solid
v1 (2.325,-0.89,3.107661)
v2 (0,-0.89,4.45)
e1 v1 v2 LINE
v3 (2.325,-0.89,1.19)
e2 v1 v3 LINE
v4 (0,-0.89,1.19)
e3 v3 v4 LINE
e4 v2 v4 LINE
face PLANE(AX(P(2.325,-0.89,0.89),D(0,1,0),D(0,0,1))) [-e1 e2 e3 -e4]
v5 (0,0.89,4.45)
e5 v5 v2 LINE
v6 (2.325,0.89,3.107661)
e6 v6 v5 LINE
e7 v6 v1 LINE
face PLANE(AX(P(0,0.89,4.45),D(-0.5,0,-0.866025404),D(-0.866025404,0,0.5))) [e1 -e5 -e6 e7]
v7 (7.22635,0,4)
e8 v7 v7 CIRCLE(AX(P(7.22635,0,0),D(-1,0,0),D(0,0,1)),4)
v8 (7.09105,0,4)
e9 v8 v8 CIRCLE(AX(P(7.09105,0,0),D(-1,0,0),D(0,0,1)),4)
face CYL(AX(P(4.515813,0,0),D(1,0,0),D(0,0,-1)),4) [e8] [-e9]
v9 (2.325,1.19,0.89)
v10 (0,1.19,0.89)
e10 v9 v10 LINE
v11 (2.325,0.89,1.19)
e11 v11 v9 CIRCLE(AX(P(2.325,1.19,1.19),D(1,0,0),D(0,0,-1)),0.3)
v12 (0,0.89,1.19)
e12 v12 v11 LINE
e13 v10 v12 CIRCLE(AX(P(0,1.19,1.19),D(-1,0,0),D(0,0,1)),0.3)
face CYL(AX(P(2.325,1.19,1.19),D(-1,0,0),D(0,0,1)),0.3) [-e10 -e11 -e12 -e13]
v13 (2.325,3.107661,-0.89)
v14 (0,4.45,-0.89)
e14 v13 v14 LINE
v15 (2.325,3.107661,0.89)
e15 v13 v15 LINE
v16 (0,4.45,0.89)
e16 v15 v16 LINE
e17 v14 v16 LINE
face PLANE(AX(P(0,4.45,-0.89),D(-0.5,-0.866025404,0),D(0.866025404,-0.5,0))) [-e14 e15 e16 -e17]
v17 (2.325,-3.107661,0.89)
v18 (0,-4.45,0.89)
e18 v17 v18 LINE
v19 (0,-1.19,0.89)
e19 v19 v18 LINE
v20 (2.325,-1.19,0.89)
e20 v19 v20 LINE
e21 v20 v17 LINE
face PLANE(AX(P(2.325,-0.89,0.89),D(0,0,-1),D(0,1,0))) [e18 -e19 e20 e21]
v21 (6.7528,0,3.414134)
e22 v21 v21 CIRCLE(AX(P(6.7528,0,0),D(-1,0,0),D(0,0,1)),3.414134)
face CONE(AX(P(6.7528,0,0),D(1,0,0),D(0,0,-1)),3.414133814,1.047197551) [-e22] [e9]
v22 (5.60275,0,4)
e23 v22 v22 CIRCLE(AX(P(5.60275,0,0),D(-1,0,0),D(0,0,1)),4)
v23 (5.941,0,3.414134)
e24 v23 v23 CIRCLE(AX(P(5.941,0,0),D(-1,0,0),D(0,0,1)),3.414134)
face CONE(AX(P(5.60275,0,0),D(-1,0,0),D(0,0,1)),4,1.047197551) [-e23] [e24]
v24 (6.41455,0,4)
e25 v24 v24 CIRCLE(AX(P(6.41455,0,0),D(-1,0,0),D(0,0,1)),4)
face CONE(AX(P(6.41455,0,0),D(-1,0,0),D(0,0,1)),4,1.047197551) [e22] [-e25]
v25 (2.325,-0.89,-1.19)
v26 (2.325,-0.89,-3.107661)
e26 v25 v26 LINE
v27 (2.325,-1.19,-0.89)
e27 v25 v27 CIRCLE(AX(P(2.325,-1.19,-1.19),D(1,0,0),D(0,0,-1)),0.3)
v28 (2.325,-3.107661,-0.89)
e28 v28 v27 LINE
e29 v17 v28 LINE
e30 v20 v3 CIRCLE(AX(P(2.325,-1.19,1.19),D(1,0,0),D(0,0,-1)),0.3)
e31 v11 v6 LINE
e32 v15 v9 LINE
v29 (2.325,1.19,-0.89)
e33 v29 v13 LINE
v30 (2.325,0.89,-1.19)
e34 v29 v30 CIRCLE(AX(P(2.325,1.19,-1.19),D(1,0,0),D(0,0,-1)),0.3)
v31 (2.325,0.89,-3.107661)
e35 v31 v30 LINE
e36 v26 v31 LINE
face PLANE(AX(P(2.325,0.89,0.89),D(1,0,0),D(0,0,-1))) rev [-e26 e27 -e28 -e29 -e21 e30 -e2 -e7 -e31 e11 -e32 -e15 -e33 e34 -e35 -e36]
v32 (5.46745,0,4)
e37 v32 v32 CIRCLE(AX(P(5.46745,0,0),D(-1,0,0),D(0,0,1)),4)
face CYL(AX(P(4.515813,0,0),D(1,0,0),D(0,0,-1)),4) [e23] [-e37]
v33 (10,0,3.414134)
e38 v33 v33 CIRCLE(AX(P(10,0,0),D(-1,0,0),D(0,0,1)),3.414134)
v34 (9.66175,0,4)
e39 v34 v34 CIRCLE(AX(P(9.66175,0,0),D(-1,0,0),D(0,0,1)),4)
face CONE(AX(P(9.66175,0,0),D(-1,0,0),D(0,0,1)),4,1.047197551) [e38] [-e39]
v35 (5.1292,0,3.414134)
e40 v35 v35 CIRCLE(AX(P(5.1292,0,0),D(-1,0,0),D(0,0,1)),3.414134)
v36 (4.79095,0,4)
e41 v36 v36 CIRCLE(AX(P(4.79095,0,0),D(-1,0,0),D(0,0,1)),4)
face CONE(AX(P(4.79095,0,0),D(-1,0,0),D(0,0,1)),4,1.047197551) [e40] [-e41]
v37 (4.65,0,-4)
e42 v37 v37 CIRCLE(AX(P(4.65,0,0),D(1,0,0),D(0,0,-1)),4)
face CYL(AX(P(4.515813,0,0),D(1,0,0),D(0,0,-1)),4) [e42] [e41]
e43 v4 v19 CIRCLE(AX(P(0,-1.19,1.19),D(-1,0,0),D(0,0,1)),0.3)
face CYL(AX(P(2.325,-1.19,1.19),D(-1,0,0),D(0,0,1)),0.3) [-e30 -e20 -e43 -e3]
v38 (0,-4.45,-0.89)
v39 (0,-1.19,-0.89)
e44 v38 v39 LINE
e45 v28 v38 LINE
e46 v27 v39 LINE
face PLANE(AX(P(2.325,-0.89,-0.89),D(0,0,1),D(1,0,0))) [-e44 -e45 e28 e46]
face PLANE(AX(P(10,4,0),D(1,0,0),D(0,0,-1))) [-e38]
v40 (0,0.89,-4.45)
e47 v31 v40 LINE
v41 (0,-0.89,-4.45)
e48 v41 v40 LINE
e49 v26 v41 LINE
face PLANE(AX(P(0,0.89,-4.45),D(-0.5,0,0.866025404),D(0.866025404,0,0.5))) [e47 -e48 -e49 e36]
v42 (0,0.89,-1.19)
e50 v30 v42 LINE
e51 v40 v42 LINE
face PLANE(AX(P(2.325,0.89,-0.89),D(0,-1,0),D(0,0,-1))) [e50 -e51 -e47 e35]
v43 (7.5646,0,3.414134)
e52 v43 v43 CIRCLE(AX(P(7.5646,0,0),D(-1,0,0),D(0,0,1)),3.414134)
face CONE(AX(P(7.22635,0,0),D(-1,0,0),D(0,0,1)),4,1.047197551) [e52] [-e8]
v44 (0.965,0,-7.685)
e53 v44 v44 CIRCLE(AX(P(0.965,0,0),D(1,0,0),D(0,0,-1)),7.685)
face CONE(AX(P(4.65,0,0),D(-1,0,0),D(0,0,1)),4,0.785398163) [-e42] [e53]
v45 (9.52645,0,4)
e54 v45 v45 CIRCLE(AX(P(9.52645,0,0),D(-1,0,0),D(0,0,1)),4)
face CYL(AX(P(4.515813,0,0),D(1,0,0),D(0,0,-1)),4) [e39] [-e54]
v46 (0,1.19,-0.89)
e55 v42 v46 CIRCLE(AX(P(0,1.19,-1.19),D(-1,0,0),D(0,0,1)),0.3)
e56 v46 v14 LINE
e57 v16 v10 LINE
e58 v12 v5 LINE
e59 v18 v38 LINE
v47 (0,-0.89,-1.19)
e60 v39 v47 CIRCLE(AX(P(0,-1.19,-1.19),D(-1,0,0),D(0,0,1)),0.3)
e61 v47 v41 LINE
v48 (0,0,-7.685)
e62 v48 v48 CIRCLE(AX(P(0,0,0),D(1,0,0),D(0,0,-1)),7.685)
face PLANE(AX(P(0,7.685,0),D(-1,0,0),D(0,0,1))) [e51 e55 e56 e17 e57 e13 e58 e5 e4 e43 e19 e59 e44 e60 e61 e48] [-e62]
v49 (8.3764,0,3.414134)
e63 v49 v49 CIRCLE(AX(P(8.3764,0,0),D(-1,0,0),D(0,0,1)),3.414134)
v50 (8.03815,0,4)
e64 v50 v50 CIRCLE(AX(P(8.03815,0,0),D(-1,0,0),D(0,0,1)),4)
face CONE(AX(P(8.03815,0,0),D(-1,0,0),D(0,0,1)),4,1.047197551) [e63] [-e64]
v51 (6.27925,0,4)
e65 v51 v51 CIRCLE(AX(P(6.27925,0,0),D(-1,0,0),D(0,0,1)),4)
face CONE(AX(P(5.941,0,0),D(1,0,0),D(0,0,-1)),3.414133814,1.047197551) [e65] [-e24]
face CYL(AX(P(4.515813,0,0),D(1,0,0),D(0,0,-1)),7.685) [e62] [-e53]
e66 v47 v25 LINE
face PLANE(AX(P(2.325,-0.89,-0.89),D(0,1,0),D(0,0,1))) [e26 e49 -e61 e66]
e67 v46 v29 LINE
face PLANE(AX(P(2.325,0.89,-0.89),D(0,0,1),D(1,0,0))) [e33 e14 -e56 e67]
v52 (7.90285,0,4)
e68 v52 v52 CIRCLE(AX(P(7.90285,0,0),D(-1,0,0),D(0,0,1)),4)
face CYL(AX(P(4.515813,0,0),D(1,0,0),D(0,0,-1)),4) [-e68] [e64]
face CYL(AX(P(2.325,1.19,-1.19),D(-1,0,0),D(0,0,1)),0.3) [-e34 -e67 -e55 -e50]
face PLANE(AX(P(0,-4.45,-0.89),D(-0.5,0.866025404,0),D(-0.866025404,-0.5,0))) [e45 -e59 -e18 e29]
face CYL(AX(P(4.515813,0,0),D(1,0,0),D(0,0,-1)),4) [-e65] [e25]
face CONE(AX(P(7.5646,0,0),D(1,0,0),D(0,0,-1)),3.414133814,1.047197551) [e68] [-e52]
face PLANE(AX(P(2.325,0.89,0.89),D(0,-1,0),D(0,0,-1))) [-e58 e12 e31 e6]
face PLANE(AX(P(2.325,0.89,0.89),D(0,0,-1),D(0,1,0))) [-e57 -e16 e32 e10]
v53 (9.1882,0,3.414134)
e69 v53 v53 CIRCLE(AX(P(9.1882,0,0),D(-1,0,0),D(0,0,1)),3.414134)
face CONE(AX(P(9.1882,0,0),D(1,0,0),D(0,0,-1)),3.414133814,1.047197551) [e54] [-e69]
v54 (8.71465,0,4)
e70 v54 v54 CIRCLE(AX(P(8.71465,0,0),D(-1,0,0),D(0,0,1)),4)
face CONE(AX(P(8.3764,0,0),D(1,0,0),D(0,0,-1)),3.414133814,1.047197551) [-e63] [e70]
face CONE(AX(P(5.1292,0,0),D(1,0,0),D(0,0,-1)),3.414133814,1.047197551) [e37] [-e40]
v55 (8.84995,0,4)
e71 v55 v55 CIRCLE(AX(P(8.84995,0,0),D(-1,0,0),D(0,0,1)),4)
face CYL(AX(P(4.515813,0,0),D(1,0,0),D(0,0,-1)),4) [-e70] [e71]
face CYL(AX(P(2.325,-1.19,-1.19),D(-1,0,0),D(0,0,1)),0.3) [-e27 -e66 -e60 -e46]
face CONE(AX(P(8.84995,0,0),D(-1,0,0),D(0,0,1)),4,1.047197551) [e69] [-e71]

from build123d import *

# Parameters (mm, degrees)
CROSSRECESS_DEPTH = 2.325
DRAFT9_ANGLE      = 30
FILLET5_R         = 0.3
LPATTERN10_COUNT  = 7
LPATTERN10_PITCH  = 0.8118


with BuildPart() as part:
    # Sketch1 → Base (revolve)
    with BuildSketch(Plane.XY):
        Polygon((10, 4), (7.15, 4), (4.65, 4), (0.965, 7.685), (0, 7.685), (0, 0), (10, 0), align=None)
    revolve(axis=Axis((4.515812911, 0, 0), (-1, 0, 0)))

    # Sketch6 → CrossRecess (cut)
    with BuildSketch(Plane(origin=(0, 0, 0), x_dir=(0, 0, -1), z_dir=(1, 0, 0))):
        Polygon((0.89, 0.89), (0.89, 4.45), (-0.89, 4.45), (-0.89, 0.89), (-4.45, 0.89), (-4.45, -0.89), (-0.89, -0.89), (-0.89, -4.45), (0.89, -4.45), (0.89, -0.89), (4.45, -0.89), (4.45, 0.89), align=None)
    extrude(amount=CROSSRECESS_DEPTH, mode=Mode.SUBTRACT)

    # Draft9
    draft9_faces = [part.faces().sort_by_distance(p)[0] for p in [
        (1.1625, 4.45, 0),
        (1.1625, 0, 4.45),
        (1.1625, -4.45, 0),
        (1.1625, 0, -4.45),
    ]]
    draft(draft9_faces, Plane(origin=(0, 7.685, 0), x_dir=(0, 0, -1), z_dir=(-1, 0, 0)), DRAFT9_ANGLE)

    # Fillet5
    fillet5_edges = [part.edges().sort_by_distance(p)[0] for p in [
        (1.1625, 0.89, 0.89),
        (1.1625, -0.89, 0.89),
        (1.1625, -0.89, -0.89),
        (1.1625, 0.89, -0.89),
    ]]
    fillet(fillet5_edges, radius=FILLET5_R)

    # Sketch9 → Cut-Revolve10 (revolve, cut)
    with BuildSketch(Plane.XY):
        Polygon((10, 3.414133814), (10.33825, 4), (10.33825, 4.6765), (9.66175, 4.6765), (9.66175, 4), align=None)
    cut_revolve10 = revolve(axis=Axis((0, 0, 0), (1, 0, 0)), mode=Mode.SUBTRACT)

    # LPattern10: Cut-Revolve10 ×7
    with Locations(*[(-i * LPATTERN10_PITCH, 0, 0) for i in range(1, LPATTERN10_COUNT)]):
        add(cut_revolve10, mode=Mode.SUBTRACT)


solid = part.part
